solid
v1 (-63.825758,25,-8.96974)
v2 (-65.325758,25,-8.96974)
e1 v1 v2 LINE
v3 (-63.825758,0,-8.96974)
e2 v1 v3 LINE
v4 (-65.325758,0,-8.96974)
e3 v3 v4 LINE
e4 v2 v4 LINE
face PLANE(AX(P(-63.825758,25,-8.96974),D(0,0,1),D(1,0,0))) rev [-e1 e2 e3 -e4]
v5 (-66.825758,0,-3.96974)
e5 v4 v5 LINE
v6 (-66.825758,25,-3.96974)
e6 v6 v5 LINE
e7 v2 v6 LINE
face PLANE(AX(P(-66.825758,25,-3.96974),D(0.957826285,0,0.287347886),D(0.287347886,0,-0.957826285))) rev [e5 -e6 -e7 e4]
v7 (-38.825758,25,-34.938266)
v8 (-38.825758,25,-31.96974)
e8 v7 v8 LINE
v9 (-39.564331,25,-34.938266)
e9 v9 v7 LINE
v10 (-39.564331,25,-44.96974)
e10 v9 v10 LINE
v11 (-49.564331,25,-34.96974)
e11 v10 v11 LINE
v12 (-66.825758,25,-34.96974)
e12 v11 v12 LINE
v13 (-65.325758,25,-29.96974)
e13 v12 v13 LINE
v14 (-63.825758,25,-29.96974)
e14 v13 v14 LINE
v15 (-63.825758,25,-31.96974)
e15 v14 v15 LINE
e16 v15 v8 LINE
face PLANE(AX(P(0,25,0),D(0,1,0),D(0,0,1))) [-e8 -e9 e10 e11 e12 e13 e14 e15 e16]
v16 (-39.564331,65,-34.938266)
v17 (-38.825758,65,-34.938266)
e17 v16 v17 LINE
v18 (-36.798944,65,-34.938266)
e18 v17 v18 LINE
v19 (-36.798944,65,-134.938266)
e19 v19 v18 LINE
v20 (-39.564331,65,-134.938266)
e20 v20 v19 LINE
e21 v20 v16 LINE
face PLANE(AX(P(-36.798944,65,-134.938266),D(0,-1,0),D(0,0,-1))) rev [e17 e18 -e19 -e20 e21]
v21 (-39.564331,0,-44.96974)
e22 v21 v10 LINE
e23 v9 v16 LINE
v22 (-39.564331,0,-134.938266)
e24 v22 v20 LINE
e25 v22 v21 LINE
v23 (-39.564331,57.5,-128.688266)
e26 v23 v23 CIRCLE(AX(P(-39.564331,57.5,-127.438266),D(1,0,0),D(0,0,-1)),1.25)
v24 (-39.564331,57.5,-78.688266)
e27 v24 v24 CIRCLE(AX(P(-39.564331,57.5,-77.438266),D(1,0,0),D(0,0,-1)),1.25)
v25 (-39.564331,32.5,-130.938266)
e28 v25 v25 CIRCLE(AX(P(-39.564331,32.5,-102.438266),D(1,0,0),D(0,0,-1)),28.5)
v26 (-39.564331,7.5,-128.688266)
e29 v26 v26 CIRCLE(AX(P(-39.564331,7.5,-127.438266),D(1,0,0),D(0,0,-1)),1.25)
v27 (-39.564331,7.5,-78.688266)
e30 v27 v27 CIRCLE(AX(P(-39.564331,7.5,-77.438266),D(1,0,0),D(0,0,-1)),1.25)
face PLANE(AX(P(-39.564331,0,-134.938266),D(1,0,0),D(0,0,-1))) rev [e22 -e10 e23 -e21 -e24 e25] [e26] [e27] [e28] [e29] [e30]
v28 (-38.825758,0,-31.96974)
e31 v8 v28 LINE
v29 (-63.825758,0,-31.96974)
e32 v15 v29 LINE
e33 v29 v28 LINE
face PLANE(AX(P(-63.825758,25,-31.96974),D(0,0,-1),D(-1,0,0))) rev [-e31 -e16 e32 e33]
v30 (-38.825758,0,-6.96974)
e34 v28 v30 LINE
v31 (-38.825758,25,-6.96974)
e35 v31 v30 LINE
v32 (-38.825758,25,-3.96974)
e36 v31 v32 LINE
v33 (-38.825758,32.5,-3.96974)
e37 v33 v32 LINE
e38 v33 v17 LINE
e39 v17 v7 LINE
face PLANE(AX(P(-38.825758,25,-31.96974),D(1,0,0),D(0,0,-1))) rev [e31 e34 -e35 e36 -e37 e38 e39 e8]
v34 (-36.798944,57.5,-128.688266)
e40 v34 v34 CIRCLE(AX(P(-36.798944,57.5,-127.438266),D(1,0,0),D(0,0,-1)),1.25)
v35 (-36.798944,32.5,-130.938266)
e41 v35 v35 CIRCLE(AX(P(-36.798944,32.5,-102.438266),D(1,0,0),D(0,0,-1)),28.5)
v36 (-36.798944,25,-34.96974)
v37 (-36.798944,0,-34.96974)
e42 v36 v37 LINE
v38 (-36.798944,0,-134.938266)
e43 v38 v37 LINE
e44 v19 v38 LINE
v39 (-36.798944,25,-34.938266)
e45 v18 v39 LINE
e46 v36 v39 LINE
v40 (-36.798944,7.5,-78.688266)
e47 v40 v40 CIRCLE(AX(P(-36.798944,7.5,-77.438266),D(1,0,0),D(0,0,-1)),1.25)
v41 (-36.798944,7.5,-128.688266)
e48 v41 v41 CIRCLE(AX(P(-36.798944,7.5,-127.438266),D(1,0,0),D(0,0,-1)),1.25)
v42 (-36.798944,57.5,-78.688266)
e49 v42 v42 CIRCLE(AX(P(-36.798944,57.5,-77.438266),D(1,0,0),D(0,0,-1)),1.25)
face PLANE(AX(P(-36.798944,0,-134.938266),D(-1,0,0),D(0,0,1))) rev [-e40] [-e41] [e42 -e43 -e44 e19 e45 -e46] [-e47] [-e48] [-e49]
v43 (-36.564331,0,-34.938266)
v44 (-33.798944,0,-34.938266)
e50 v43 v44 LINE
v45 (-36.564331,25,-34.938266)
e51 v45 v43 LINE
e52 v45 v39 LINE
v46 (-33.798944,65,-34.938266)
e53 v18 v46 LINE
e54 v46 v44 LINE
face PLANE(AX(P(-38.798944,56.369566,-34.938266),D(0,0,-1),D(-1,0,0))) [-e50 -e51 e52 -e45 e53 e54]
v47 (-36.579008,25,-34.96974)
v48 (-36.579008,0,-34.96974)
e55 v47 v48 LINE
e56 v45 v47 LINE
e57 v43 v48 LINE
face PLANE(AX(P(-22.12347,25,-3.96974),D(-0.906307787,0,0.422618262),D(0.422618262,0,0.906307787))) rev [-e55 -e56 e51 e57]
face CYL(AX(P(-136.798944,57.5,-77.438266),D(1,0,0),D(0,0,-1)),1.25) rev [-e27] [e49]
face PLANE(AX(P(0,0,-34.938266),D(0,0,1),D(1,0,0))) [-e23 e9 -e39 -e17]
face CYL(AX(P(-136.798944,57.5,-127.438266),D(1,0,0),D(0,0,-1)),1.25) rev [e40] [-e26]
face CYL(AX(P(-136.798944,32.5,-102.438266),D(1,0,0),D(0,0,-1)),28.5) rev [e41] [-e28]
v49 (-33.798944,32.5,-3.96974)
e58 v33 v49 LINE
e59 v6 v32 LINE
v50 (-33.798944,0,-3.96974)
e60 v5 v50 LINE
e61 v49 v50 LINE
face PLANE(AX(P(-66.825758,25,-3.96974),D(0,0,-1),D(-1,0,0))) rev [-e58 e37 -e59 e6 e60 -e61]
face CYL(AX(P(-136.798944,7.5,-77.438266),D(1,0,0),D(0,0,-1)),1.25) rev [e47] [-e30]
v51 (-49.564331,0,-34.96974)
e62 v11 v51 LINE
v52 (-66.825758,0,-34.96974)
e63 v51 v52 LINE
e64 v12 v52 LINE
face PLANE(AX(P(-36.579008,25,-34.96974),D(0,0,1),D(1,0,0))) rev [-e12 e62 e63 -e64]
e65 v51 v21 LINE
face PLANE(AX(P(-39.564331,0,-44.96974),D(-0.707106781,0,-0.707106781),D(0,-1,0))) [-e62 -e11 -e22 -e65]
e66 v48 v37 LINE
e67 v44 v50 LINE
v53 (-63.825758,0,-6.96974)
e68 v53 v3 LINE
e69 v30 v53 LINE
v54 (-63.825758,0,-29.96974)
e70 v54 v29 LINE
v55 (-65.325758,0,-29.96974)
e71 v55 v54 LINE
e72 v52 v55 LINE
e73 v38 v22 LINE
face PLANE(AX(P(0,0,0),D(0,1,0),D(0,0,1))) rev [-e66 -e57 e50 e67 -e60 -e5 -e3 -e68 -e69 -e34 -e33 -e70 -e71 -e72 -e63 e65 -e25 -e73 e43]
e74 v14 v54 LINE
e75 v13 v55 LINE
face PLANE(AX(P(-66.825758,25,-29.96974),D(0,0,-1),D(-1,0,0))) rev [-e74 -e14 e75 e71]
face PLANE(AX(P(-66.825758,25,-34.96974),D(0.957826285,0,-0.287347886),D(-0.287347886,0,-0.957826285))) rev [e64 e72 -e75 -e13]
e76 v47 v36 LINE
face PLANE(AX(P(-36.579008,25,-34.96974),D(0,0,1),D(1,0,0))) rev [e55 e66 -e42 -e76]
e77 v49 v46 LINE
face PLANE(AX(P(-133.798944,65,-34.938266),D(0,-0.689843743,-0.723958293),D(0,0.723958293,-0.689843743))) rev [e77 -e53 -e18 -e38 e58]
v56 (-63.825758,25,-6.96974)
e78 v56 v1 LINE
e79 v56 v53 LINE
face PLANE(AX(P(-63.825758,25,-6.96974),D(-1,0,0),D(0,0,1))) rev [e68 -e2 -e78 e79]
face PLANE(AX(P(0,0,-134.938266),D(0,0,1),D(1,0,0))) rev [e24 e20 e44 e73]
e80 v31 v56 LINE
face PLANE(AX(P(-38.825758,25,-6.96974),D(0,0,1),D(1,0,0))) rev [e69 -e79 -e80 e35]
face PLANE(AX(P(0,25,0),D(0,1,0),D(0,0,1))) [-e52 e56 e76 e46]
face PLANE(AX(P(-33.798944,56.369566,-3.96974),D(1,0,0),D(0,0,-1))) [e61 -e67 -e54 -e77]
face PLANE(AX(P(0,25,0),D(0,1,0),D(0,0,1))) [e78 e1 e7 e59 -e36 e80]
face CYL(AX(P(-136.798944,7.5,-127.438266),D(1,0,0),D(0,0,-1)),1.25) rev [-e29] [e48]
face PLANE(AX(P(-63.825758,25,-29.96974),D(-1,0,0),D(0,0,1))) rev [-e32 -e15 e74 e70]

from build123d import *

# Parameters (mm, degrees)
EXTRUDE_1_DEPTH      = 25
CUT_EXTRUDE_4_DEPTH  = 80.457942189
SKETCH_7_W           = 16.60831278
SKETCH_7_H           = 38.473598513
CUT_EXTRUDE_14_DEPTH = 80.457942189
SKETCH_8_W           = 5
SKETCH_8_H           = 30.968526609
EXTRUDE_2_DEPTH      = 25
SKETCH_9_W           = 2.765387297
SKETCH_9_H           = 65
EXTRUDE_3_DEPTH      = 100
SKETCH_10_W          = 5.026813651
SKETCH_10_H          = 30.968526609
EXTRUDE_4_DEPTH      = 40
CUT_EXTRUDE_15_DEPTH = 100
SKETCH_12_R          = 28.5
CUT_EXTRUDE_16_DEPTH = 100
SKETCH_13_R          = 1.25
CUT_EXTRUDE_17_DEPTH = 100
CHAMFER_1_SIZE       = 10


with BuildPart() as part:
    # Эскиз1 → Бобышка-Вытянуть1 (new body)
    with BuildSketch(Plane(origin=(0, 0, 0), x_dir=(1, 0, 0), z_dir=(0, 1, 0))):
        Polygon((-66.825757576, 34.969739794), (-66.825757576, 29.969739794), (-63.825757576, 29.969739794), (-63.825757576, 31.969739794), (-38.825757576, 31.969739794), (-38.825757576, 6.969739794), (-63.825757576, 6.969739794), (-63.825757576, 8.969739794), (-66.825757576, 8.969739794), (-66.825757576, 3.969739794), (-22.123470102, 3.969739794), (-36.579007505, 34.969739794), align=None)
    extrude(amount=EXTRUDE_1_DEPTH)

    # Эскиз3 → Вырез-Вытянуть4 (cut, through all)
    with BuildSketch(Plane.XZ):
        Polygon((-66.825757576, -3.969739794), (-65.325757576, -8.969739794), (-66.825757576, -8.969739794), align=None)
        Polygon((-66.825757576, -29.969739794), (-66.825757576, -34.969739794), (-65.325757576, -29.969739794), align=None)
    extrude(amount=-CUT_EXTRUDE_4_DEPTH, mode=Mode.SUBTRACT)

    # Эскиз7 → Вырез-Вытянуть14 (cut, through all)
    with BuildSketch(Plane(origin=(0, 0, 0), x_dir=(-1, 0, 0), z_dir=(0, -1, 0))):
        with Locations((27.703474463, 20.539743139)):
            Rectangle(SKETCH_7_W, SKETCH_7_H)
    extrude(amount=-CUT_EXTRUDE_14_DEPTH, mode=Mode.SUBTRACT)

    # Эскиз8 → Бобышка-Вытянуть2 (add)
    with BuildSketch(Plane(origin=(0, 0, 0), x_dir=(-1, 0, 0), z_dir=(0, -1, 0))):
        with Locations((36.298943925, 19.454003098)):
            Rectangle(SKETCH_8_W, SKETCH_8_H)
    extrude(amount=-EXTRUDE_2_DEPTH)

    # Эскиз9 → Бобышка-Вытянуть3 (add)
    with BuildSketch(Plane(origin=(0, 0, -34.938266403), x_dir=(-1, 0, 0), z_dir=(0, 0, -1))):
        with Locations((38.181637573, 32.5)):
            Rectangle(SKETCH_9_W, SKETCH_9_H)
    extrude(amount=EXTRUDE_3_DEPTH)

    # Эскиз10 → Бобышка-Вытянуть4 (add)
    with BuildSketch(Plane(origin=(0, 25, 0), x_dir=(1, 0, 0), z_dir=(0, 1, 0))):
        with Locations((-36.312350751, 19.454003098)):
            Rectangle(SKETCH_10_W, SKETCH_10_H)
    extrude(amount=EXTRUDE_4_DEPTH)

    # Эскиз11 → Вырез-Вытянуть15 (cut)
    with BuildSketch(Plane(origin=(-33.798943925, 0, 0), x_dir=(0, 0, -1), z_dir=(1, 0, 0))):
        Polygon((34.938266403, 65), (3.969739794, 32.5), (3.969739794, 65), align=None)
    extrude(amount=-CUT_EXTRUDE_15_DEPTH, mode=Mode.SUBTRACT)

    # Эскиз12 → Вырез-Вытянуть16 (cut)
    with BuildSketch(Plane(origin=(-36.798943925, 0, 0), x_dir=(0, 0, -1), z_dir=(1, 0, 0))):
        with Locations((102.438266403, 32.5)):
            Circle(SKETCH_12_R)
    extrude(amount=-CUT_EXTRUDE_16_DEPTH, mode=Mode.SUBTRACT)

    # Эскиз13 → Вырез-Вытянуть17 (cut)
    with BuildSketch(Plane(origin=(-36.798943925, 0, 0), x_dir=(0, 0, -1), z_dir=(1, 0, 0))):
        with Locations((77.438266403, 57.5)):
            Circle(SKETCH_13_R)
        with Locations((127.438266403, 57.5)):
            Circle(SKETCH_13_R)
        with Locations((127.438266403, 7.5)):
            Circle(SKETCH_13_R)
        with Locations((77.438266403, 7.5)):
            Circle(SKETCH_13_R)
    extrude(amount=-CUT_EXTRUDE_17_DEPTH, mode=Mode.SUBTRACT)

    # Фаска1
    chamfer_1_edges = [part.edges().sort_by_distance(p)[0] for p in [
        (-39.564331222, 12.5, -34.969739794),
    ]]
    chamfer(chamfer_1_edges, length=CHAMFER_1_SIZE)


solid = part.part
